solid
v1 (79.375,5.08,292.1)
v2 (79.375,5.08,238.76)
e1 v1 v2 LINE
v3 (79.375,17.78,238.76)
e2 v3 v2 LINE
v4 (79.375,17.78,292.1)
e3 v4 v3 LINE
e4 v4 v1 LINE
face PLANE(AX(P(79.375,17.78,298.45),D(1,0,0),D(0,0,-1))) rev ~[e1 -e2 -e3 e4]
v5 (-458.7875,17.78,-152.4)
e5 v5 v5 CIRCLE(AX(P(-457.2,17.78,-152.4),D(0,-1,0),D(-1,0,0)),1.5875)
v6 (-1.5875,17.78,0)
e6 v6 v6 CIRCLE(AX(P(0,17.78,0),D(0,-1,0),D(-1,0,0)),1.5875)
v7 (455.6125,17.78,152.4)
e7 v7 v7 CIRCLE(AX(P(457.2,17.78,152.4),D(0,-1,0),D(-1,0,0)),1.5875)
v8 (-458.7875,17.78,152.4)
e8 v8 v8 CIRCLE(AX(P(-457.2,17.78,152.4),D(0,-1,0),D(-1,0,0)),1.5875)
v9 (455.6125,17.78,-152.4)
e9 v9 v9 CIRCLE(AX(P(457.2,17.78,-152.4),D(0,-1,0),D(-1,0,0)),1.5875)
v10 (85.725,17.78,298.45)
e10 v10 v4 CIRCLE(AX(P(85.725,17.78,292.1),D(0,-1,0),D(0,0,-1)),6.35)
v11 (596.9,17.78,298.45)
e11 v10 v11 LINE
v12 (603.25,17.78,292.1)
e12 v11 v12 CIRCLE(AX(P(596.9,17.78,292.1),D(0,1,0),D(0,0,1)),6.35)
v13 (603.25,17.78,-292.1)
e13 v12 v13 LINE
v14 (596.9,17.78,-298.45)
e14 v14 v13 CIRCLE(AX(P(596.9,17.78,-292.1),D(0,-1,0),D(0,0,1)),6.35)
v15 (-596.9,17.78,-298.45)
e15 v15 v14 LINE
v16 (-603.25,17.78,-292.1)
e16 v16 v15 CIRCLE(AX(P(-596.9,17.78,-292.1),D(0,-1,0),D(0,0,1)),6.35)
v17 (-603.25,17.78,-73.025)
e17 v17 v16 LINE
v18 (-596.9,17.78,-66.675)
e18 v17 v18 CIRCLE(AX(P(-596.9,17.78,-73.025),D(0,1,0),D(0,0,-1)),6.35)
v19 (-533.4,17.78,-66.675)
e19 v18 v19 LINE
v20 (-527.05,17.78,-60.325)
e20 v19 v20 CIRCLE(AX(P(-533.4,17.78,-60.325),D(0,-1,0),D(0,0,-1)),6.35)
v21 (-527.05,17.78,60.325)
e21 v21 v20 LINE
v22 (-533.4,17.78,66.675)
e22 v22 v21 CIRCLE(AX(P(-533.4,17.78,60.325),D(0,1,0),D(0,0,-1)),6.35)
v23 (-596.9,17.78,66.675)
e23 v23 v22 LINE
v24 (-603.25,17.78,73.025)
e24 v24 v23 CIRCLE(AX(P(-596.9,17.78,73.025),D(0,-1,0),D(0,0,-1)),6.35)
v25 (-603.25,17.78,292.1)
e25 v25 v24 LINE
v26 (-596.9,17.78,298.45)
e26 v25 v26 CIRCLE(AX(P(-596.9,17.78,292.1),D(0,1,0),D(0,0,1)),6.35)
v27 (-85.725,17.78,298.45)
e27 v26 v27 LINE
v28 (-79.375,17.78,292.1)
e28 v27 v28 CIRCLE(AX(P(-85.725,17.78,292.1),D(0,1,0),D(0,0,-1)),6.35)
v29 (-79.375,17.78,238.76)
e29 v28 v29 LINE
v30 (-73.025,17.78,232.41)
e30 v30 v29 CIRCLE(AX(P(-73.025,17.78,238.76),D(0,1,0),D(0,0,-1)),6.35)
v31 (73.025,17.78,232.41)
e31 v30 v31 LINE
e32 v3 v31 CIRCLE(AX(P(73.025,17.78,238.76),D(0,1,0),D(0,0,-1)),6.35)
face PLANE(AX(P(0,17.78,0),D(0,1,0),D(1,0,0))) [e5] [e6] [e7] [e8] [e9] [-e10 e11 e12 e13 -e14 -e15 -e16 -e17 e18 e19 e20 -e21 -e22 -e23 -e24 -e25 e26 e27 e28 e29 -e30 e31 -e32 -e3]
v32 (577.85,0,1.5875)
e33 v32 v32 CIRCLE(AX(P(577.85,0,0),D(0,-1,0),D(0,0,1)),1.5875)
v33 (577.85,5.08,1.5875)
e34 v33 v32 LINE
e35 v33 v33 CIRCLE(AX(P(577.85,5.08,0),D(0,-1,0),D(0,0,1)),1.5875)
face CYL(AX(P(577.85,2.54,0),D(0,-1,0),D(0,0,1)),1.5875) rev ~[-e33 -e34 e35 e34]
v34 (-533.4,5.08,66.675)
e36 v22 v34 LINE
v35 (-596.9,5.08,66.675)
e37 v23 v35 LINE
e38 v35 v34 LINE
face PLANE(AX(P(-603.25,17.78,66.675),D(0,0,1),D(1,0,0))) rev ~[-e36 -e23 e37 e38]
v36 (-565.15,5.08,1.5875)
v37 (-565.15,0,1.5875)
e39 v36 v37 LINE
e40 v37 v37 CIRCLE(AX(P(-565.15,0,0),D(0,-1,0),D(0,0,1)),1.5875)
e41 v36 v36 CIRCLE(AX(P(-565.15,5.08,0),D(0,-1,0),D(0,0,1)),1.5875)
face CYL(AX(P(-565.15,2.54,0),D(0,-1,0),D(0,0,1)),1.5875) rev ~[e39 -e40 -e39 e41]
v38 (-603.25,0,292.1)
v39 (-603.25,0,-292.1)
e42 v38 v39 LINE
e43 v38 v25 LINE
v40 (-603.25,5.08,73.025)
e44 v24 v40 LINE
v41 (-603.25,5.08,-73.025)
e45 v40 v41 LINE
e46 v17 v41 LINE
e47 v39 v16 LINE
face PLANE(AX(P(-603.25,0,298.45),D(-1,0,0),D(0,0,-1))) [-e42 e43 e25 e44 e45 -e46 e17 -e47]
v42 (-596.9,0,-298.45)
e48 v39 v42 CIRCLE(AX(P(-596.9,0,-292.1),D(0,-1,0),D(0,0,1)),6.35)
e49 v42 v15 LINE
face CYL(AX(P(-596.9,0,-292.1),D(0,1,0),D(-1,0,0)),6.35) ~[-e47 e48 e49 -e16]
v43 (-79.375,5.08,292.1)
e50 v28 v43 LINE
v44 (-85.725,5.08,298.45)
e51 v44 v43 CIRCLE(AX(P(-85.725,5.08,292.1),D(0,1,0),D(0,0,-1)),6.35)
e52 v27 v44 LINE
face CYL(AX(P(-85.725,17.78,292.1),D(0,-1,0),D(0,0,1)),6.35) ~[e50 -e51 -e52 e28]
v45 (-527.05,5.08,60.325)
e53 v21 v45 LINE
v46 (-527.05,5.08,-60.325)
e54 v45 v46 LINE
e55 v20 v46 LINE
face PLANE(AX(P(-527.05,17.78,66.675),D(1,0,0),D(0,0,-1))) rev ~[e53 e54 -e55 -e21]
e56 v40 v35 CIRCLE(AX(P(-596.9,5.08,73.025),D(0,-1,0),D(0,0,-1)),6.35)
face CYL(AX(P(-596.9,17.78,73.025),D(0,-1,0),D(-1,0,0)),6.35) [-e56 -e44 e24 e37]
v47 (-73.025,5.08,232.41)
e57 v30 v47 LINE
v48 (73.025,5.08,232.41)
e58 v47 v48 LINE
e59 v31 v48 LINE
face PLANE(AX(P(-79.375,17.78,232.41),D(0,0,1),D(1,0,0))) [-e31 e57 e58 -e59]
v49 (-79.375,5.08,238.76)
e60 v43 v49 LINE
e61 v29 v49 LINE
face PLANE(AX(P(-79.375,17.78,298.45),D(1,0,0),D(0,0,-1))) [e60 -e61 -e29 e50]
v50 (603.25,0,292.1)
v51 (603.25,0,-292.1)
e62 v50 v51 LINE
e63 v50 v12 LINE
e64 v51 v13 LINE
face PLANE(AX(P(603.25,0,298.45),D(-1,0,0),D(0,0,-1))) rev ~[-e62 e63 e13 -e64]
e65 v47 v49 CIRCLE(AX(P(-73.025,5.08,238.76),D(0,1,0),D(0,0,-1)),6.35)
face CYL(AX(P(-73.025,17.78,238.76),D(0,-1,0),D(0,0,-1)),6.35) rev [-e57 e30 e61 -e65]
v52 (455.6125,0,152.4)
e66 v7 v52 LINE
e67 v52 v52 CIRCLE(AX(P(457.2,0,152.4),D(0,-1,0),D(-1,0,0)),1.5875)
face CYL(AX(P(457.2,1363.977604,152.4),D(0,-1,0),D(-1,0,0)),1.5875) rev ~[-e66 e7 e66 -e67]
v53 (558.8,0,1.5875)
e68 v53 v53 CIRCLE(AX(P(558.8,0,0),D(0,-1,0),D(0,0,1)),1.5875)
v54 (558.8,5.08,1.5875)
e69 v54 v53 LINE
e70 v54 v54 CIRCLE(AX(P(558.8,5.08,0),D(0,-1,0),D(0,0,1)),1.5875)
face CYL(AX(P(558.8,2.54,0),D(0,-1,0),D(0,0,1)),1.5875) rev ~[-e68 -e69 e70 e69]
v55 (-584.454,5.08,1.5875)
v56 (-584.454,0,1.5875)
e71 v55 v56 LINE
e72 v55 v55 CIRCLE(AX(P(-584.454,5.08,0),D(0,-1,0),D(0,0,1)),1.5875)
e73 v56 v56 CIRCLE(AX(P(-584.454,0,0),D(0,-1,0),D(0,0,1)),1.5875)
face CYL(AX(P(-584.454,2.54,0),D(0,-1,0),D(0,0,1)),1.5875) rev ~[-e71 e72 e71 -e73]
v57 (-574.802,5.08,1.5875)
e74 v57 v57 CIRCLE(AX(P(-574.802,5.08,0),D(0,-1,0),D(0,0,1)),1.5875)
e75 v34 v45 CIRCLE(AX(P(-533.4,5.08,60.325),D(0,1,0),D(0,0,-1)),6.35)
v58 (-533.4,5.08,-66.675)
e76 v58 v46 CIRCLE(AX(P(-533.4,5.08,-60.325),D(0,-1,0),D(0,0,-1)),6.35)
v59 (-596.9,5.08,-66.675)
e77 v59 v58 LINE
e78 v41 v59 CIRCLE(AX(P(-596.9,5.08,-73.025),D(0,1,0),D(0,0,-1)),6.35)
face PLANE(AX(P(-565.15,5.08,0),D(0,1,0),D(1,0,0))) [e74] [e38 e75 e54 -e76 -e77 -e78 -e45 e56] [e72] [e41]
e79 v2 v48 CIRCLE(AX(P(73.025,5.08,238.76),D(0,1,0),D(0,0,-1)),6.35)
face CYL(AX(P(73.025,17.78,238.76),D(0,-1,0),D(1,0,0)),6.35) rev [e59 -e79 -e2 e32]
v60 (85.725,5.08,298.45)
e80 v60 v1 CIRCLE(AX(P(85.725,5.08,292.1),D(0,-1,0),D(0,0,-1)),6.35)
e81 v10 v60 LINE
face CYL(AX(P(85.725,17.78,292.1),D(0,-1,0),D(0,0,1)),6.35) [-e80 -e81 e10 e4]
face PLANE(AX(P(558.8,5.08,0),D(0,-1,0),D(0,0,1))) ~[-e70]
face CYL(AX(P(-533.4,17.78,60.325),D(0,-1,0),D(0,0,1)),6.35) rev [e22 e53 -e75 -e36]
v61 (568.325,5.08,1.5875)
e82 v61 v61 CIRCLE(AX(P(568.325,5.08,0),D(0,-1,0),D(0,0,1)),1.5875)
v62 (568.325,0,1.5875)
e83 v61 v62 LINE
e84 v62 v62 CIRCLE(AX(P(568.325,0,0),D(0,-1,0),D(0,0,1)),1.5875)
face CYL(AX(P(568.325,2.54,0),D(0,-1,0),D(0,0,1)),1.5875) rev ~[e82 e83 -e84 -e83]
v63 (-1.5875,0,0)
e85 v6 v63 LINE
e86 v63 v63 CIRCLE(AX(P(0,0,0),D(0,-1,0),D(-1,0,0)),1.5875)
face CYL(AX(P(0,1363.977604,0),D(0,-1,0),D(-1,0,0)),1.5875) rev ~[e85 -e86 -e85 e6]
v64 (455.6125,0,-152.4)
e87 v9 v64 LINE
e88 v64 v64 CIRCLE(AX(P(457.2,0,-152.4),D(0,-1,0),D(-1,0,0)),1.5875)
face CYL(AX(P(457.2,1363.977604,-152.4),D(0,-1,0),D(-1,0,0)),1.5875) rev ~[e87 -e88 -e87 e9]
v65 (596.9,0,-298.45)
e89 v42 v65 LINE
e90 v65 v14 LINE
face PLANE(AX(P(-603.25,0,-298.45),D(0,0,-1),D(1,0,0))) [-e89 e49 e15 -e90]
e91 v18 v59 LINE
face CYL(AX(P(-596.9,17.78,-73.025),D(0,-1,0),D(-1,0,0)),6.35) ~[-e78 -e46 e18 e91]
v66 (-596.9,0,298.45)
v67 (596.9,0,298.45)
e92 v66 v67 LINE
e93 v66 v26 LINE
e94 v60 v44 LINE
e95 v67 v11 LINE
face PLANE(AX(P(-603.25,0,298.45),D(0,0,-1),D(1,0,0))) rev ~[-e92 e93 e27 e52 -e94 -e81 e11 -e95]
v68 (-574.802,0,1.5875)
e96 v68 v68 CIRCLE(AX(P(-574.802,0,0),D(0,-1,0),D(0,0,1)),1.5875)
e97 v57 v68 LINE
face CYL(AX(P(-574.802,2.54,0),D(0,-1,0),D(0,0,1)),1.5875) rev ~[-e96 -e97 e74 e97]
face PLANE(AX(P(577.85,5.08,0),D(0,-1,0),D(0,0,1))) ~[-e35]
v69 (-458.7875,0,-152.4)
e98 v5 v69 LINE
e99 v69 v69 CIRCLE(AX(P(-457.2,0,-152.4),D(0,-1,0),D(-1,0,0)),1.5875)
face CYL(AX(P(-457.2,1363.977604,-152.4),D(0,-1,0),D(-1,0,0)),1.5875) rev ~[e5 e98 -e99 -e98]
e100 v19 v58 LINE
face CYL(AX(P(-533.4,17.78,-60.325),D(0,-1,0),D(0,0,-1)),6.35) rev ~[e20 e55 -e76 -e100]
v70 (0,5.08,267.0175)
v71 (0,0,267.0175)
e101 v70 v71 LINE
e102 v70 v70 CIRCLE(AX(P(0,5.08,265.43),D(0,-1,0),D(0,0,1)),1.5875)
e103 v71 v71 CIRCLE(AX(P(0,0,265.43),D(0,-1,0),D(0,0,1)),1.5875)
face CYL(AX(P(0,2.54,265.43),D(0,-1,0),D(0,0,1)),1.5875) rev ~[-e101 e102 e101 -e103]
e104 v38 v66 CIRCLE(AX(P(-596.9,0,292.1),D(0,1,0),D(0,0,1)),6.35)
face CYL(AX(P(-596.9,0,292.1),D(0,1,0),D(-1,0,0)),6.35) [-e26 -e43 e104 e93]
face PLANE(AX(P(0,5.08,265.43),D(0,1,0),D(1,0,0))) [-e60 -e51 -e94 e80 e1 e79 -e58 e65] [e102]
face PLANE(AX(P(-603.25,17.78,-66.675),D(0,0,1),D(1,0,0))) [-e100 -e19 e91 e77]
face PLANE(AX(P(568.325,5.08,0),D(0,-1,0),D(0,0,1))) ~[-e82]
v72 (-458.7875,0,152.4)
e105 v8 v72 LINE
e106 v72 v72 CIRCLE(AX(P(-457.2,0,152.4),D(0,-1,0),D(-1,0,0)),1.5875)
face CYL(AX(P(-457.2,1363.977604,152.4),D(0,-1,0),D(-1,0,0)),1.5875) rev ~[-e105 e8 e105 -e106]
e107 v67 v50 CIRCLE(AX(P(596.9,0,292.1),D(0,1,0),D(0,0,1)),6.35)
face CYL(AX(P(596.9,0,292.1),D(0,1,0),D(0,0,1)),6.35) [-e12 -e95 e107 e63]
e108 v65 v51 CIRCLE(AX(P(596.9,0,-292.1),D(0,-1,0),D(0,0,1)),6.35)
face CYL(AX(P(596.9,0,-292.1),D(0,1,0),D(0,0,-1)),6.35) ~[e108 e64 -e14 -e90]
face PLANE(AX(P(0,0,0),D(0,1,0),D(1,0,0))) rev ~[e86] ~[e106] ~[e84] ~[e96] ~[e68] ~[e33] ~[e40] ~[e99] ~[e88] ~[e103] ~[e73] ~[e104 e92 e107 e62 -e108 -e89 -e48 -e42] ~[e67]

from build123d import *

# Parameters (mm, degrees)
SKETCH1_W                             = 1206.5
SKETCH1_H                             = 596.9
BOSS_EXTRUDE1_DEPTH                   = 17.78
F_1_8_0_125_DIAMETER_HOLE1_D          = 3.175
FILLET1_R                             = 6.35
SKETCH4_W                             = 158.75
SKETCH4_H                             = 66.04
SKETCH4_W_2                           = 76.2
SKETCH4_H_2                           = 133.35
CUT_EXTRUDE1_DEPTH                    = 12.7
FILLET2_R                             = 6.35
SKETCH6_W                             = 1.5875
SKETCH6_H                             = 5.08
F_1_8_0_125_DIAMETER_HOLE2_AT_2_COUNT = 2
F_1_8_0_125_DIAMETER_HOLE2_AT_2_PITCH = 1123.95
F_1_8_0_125_DIAMETER_HOLE2_AT_3_COUNT = 2
F_1_8_0_125_DIAMETER_HOLE2_AT_3_PITCH = 1133.602
F_1_8_0_125_DIAMETER_HOLE2_AT_4_COUNT = 2
F_1_8_0_125_DIAMETER_HOLE2_AT_4_PITCH = 1143.254
F_1_8_0_125_DIAMETER_HOLE2_AT_5_COUNT = 2
F_1_8_0_125_DIAMETER_HOLE2_AT_5_PITCH = 618.636019724
F_1_8_0_125_DIAMETER_HOLE2_AT_6_COUNT = 2
F_1_8_0_125_DIAMETER_HOLE2_AT_6_PITCH = 19.05
F_1_8_0_125_DIAMETER_HOLE2_AT_7_COUNT = 2
F_1_8_0_125_DIAMETER_HOLE2_AT_7_PITCH = 9.525


with BuildPart() as part:
    # Sketch1 → Boss-Extrude1 (new body)
    with BuildSketch(Plane(origin=(0, 0, 0), x_dir=(1, 0, 0), z_dir=(0, 1, 0))):
        Rectangle(SKETCH1_W, SKETCH1_H)
    extrude(amount=BOSS_EXTRUDE1_DEPTH)

    # 1/8 (0.125) Diameter Hole1 (through all)
    with Locations(Plane(origin=(0, 17.78, 0), x_dir=(1, 0, 0), z_dir=(0, 1, 0))):
        with Locations((0, 0), (457.2, 152.4), (-457.2, -152.4), (-457.2, 152.4), (457.2, -152.4)):
            Hole(F_1_8_0_125_DIAMETER_HOLE1_D / 2)

    # Fillet1
    fillet1_edges = [part.edges().sort_by_distance(p)[0] for p in [
        (603.25, 8.89, 298.45),
        (-603.25, 8.89, 298.45),
        (-603.25, 8.89, -298.45),
        (603.25, 8.89, -298.45),
    ]]
    fillet(fillet1_edges, radius=FILLET1_R)

    # Sketch4 → Cut-Extrude1 (cut)
    with BuildSketch(Plane(origin=(0, 17.78, 0), x_dir=(1, 0, 0), z_dir=(0, 1, 0))):
        with Locations((0, -265.43)):
            Rectangle(SKETCH4_W, SKETCH4_H)
        with Locations((-565.15, 0)):
            Rectangle(SKETCH4_W_2, SKETCH4_H_2)
    extrude(amount=-CUT_EXTRUDE1_DEPTH, mode=Mode.SUBTRACT)

    # Fillet2
    fillet2_edges = [part.edges().sort_by_distance(p)[0] for p in [
        (79.375, 11.43, 232.41),
        (79.375, 11.43, 298.45),
        (-79.375, 11.43, 298.45),
        (-79.375, 11.43, 232.41),
        (-603.25, 11.43, 66.675),
        (-603.25, 11.43, -66.675),
        (-527.05, 11.43, -66.675),
        (-527.05, 11.43, 66.675),
    ]]
    fillet(fillet2_edges, radius=FILLET2_R)

    # Sketch6 → 1/8 (0.125) Diameter Hole2 (revolve, cut)
    with BuildSketch(Plane(origin=(558.8, 5.08, 0), x_dir=(0, 0, 1), z_dir=(1, 0, 0))):
        with Locations((0.79375, 2.54)):
            Rectangle(SKETCH6_W, SKETCH6_H)
    f_1_8_0_125_diameter_hole2 = revolve(axis=Axis((558.8, 11.43, 0), (0, -1, 0)), mode=Mode.SUBTRACT)

    # 1/8 (0.125) Diameter Hole2 at 2: 1/8 (0.125) Diameter Hole2 ×2
    with Locations(*[(-i * F_1_8_0_125_DIAMETER_HOLE2_AT_2_PITCH, 0, 0) for i in range(1, F_1_8_0_125_DIAMETER_HOLE2_AT_2_COUNT)]):
        add(f_1_8_0_125_diameter_hole2, mode=Mode.SUBTRACT)

    # 1/8 (0.125) Diameter Hole2 at 3: 1/8 (0.125) Diameter Hole2 ×2
    with Locations(*[(-i * F_1_8_0_125_DIAMETER_HOLE2_AT_3_PITCH, 0, 0) for i in range(1, F_1_8_0_125_DIAMETER_HOLE2_AT_3_COUNT)]):
        add(f_1_8_0_125_diameter_hole2, mode=Mode.SUBTRACT)

    # 1/8 (0.125) Diameter Hole2 at 4: 1/8 (0.125) Diameter Hole2 ×2
    with Locations(*[(-i * F_1_8_0_125_DIAMETER_HOLE2_AT_4_PITCH, 0, 0) for i in range(1, F_1_8_0_125_DIAMETER_HOLE2_AT_4_COUNT)]):
        add(f_1_8_0_125_diameter_hole2, mode=Mode.SUBTRACT)

    # 1/8 (0.125) Diameter Hole2 at 5: 1/8 (0.125) Diameter Hole2 ×2
    with Locations(*[Vector(-0.9032775043542898, 0, 0.4290568145682877) * (i * F_1_8_0_125_DIAMETER_HOLE2_AT_5_PITCH) for i in range(1, F_1_8_0_125_DIAMETER_HOLE2_AT_5_COUNT)]):
        add(f_1_8_0_125_diameter_hole2, mode=Mode.SUBTRACT)

    # 1/8 (0.125) Diameter Hole2 at 6: 1/8 (0.125) Diameter Hole2 ×2
    with Locations(*[(i * F_1_8_0_125_DIAMETER_HOLE2_AT_6_PITCH, 0, 0) for i in range(1, F_1_8_0_125_DIAMETER_HOLE2_AT_6_COUNT)]):
        add(f_1_8_0_125_diameter_hole2, mode=Mode.SUBTRACT)

    # 1/8 (0.125) Diameter Hole2 at 7: 1/8 (0.125) Diameter Hole2 ×2
    with Locations(*[(i * F_1_8_0_125_DIAMETER_HOLE2_AT_7_PITCH, 0, 0) for i in range(1, F_1_8_0_125_DIAMETER_HOLE2_AT_7_COUNT)]):
        add(f_1_8_0_125_diameter_hole2, mode=Mode.SUBTRACT)


solid = part.part
